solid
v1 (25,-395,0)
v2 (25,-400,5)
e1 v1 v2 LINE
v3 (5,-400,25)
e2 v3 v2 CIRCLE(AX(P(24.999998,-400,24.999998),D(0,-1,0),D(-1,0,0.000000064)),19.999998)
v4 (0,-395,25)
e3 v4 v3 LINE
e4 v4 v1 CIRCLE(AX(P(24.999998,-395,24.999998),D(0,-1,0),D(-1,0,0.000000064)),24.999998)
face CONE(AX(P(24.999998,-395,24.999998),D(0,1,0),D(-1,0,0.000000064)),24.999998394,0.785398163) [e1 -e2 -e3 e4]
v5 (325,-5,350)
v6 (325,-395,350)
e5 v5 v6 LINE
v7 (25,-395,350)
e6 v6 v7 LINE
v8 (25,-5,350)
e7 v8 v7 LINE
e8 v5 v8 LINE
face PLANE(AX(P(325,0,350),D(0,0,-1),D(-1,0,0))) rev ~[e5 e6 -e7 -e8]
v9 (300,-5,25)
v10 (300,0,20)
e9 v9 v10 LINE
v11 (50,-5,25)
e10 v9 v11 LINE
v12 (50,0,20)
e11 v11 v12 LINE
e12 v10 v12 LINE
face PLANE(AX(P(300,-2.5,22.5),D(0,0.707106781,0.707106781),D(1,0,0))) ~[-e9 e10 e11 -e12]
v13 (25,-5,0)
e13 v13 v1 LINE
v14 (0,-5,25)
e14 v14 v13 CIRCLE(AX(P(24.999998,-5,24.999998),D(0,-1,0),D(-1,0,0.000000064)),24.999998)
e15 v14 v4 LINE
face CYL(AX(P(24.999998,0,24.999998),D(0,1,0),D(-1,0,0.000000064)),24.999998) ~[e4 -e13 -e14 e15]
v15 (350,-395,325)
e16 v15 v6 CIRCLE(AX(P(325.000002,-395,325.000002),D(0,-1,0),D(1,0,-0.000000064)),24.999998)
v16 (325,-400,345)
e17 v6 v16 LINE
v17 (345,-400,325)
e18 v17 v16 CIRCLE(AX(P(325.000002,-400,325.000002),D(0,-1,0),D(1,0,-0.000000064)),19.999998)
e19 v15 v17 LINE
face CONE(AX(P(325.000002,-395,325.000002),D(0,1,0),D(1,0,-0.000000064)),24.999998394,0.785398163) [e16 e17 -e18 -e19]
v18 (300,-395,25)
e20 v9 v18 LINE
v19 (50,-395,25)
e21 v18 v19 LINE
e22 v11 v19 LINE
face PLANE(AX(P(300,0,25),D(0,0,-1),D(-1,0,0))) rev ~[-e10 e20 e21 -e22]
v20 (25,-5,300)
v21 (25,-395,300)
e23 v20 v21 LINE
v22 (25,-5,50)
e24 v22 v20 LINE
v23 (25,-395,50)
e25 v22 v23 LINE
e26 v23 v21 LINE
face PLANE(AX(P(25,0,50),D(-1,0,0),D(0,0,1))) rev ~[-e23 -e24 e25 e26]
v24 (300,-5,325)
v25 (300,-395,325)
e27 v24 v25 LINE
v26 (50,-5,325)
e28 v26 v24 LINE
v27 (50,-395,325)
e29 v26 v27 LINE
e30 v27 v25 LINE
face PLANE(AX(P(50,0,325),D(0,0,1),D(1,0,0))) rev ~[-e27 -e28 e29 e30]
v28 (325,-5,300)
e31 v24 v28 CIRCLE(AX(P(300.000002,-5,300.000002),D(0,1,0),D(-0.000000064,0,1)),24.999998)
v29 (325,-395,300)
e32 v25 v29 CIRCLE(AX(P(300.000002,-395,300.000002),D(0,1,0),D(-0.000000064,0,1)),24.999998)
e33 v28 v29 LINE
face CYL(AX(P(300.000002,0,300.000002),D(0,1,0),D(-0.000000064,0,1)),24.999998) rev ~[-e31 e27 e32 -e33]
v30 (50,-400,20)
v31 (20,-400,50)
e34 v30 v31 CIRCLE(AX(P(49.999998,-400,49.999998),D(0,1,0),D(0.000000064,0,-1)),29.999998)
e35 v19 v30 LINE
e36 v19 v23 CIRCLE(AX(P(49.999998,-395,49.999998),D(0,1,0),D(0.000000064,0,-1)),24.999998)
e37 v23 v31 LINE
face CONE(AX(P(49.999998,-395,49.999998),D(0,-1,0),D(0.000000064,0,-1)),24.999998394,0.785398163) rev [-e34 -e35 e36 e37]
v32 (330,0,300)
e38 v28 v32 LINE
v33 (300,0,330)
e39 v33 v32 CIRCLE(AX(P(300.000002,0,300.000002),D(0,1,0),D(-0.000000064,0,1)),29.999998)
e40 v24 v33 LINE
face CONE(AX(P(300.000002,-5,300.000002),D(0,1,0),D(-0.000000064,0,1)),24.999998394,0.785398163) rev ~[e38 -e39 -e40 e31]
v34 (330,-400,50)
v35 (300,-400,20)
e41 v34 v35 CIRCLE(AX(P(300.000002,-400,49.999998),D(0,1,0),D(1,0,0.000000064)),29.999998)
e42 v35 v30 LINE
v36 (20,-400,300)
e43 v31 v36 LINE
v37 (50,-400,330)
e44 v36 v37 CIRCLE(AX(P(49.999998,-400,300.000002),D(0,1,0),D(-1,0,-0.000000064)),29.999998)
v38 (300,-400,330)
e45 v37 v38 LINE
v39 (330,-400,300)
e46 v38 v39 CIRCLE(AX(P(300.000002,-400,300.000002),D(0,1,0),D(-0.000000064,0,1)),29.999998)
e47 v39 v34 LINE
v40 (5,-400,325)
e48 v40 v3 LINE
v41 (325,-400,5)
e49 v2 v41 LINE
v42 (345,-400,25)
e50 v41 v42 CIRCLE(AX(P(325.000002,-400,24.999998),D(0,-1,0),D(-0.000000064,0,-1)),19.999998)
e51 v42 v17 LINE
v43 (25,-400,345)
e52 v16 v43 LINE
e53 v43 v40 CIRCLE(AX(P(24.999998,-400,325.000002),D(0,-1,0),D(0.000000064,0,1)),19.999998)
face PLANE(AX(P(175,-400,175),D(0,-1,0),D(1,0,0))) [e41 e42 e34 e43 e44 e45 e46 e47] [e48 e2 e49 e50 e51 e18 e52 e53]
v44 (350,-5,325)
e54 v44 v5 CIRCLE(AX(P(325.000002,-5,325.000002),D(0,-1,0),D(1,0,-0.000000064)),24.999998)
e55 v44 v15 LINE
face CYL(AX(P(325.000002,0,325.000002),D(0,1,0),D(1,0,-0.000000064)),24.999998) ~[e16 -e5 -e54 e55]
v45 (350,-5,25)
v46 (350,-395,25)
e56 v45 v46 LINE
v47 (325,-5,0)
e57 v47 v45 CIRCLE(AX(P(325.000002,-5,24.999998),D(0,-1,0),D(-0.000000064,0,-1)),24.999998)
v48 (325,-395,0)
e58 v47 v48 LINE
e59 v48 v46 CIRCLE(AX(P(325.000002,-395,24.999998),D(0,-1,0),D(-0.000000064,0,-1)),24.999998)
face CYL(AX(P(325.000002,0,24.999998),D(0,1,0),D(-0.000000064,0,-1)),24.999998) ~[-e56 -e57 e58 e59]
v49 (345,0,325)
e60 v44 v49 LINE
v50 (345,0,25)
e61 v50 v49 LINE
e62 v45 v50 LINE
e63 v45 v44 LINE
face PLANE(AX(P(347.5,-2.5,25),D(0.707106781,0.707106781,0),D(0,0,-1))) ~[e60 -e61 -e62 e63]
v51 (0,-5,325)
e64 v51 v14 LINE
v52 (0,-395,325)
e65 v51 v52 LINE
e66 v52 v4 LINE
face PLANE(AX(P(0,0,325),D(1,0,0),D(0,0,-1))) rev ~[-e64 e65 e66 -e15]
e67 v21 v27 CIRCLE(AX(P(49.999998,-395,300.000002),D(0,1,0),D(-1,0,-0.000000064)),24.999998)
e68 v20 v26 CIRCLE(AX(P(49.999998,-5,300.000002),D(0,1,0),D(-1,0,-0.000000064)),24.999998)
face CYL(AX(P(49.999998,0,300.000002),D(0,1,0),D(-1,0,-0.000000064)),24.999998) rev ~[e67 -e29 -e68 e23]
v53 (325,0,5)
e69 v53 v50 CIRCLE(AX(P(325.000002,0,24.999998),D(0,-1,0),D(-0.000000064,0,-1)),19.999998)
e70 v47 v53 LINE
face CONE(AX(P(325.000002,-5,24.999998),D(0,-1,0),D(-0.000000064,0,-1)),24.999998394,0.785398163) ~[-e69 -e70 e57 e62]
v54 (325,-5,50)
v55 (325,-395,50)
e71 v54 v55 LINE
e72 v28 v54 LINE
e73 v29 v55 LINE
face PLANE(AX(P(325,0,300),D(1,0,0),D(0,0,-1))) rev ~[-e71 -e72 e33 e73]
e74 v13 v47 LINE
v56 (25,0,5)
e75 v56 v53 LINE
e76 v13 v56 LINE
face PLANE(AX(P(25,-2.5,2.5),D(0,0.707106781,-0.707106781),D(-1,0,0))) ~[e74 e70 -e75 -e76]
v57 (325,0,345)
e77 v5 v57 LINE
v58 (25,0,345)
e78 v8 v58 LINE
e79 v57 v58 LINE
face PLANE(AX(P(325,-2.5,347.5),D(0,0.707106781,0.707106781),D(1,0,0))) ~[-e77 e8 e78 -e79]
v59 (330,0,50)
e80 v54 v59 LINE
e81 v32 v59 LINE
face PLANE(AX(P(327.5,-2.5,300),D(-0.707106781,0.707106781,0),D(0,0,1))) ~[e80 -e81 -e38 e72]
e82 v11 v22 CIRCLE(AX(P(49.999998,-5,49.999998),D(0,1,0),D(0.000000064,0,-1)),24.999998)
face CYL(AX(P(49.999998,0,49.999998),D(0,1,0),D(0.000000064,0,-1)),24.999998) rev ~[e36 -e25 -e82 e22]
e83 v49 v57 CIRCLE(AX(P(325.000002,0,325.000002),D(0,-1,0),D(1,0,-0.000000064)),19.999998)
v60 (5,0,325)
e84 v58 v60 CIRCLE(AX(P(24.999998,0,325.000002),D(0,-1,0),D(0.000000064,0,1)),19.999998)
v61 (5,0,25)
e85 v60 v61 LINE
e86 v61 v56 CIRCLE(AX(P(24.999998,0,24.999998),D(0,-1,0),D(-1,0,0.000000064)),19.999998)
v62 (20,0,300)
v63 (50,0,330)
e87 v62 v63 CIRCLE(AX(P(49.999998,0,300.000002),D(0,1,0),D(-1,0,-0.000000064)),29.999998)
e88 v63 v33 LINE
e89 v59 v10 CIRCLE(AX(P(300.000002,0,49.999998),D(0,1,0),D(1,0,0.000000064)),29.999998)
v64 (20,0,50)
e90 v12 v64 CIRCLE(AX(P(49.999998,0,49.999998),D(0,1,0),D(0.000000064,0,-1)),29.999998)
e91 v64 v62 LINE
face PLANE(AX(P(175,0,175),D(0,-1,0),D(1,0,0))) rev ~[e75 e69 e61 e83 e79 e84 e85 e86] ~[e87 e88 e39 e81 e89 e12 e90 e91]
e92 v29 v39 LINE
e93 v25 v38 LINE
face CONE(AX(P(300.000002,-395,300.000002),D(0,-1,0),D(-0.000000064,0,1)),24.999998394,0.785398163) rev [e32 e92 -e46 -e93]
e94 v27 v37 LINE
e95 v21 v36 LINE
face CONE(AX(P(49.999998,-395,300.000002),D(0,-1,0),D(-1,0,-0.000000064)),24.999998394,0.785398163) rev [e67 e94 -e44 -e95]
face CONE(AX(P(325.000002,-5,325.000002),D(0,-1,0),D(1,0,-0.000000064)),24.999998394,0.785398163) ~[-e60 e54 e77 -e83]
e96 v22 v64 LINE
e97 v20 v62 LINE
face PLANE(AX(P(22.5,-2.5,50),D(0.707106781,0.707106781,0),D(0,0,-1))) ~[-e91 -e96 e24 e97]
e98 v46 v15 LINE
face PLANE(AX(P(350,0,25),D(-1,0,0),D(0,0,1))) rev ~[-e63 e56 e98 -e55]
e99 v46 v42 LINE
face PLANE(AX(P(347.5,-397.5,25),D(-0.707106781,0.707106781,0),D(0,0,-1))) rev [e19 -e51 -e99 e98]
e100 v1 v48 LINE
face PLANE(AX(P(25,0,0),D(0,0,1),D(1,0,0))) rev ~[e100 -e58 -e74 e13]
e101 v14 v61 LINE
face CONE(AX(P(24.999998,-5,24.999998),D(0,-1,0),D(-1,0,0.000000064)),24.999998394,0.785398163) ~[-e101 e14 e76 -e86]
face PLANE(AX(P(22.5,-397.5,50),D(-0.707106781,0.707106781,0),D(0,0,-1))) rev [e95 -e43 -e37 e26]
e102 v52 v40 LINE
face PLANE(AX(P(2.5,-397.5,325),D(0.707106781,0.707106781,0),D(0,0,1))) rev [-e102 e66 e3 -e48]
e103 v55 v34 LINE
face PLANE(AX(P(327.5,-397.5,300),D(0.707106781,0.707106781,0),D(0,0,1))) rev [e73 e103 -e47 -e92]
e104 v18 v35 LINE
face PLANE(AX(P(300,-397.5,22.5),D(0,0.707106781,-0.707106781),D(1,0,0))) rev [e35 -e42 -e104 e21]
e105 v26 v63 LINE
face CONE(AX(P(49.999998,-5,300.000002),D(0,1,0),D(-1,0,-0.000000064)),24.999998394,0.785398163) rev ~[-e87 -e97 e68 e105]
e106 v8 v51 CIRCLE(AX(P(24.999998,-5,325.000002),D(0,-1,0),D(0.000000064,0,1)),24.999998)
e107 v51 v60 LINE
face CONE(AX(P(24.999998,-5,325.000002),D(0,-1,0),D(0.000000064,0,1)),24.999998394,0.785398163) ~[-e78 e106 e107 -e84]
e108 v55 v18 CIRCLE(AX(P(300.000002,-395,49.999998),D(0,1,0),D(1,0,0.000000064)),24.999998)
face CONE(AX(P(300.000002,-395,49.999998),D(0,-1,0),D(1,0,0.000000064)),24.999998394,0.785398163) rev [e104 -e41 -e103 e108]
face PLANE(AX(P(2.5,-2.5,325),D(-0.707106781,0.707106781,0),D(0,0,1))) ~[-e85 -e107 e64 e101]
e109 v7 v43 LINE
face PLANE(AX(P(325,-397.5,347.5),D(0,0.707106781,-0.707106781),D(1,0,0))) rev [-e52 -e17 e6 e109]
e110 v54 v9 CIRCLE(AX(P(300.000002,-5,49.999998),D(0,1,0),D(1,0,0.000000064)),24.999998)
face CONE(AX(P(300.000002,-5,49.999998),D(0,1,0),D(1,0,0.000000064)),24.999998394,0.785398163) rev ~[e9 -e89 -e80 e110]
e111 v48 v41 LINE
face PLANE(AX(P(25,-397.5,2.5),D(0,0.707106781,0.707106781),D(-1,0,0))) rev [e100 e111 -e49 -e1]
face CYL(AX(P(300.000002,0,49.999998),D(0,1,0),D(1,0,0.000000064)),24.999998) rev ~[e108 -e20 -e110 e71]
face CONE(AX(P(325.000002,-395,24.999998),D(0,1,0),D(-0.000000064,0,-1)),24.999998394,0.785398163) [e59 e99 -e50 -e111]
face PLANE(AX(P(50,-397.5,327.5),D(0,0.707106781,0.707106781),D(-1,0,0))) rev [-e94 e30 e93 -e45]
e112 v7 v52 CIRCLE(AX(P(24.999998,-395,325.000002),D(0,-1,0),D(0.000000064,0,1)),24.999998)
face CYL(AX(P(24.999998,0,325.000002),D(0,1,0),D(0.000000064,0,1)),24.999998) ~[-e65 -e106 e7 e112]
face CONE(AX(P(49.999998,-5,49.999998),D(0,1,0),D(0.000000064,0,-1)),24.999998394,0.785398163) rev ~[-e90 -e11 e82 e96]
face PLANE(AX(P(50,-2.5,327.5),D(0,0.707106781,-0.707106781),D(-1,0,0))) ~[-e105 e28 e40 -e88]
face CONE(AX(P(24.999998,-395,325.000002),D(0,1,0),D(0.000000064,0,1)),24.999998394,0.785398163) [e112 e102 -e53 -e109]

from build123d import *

# Parameters (mm, degrees)
F1_DEPTH = 400
F2_SIZE  = 5


with BuildPart() as f1:
    # F0 (on Front) → F1 (new body)
    with BuildSketch(Plane.XZ):
        with BuildLine():
            ThreePointArc((0, 25), (7.32233, 7.32233), (25, 0))
            Line((25, 0), (325, 0))
            ThreePointArc((325, 0), (342.67767, 7.32233), (350, 25))
            Line((350, 25), (350, 325))
            ThreePointArc((350, 325), (342.67767, 342.67767), (325, 350))
            Line((325, 350), (25, 350))
            ThreePointArc((25, 350), (7.32233, 342.67767), (0, 325))
            Line((0, 325), (0, 25))
        make_face()
        with BuildLine():
            ThreePointArc((25, 300), (32.32233, 317.67767), (50, 325))
            Line((50, 325), (300, 325))
            ThreePointArc((300, 325), (317.67767, 317.67767), (325, 300))
            Line((325, 300), (325, 50))
            ThreePointArc((325, 50), (317.67767, 32.32233), (300, 25))
            Line((300, 25), (50, 25))
            ThreePointArc((50, 25), (32.32233, 32.32233), (25, 50))
            Line((25, 50), (25, 300))
        make_face(mode=Mode.SUBTRACT)
    extrude(amount=F1_DEPTH)

    # F2
    f2_edges = [f1.edges().sort_by_distance(p)[0] for p in [
        (0, -400, 175),
        (25, -400, 175),
        (175, 0, 350),
        (175, 0, 325),
    ]]
    chamfer(f2_edges, length=F2_SIZE)


solid = f1.part
